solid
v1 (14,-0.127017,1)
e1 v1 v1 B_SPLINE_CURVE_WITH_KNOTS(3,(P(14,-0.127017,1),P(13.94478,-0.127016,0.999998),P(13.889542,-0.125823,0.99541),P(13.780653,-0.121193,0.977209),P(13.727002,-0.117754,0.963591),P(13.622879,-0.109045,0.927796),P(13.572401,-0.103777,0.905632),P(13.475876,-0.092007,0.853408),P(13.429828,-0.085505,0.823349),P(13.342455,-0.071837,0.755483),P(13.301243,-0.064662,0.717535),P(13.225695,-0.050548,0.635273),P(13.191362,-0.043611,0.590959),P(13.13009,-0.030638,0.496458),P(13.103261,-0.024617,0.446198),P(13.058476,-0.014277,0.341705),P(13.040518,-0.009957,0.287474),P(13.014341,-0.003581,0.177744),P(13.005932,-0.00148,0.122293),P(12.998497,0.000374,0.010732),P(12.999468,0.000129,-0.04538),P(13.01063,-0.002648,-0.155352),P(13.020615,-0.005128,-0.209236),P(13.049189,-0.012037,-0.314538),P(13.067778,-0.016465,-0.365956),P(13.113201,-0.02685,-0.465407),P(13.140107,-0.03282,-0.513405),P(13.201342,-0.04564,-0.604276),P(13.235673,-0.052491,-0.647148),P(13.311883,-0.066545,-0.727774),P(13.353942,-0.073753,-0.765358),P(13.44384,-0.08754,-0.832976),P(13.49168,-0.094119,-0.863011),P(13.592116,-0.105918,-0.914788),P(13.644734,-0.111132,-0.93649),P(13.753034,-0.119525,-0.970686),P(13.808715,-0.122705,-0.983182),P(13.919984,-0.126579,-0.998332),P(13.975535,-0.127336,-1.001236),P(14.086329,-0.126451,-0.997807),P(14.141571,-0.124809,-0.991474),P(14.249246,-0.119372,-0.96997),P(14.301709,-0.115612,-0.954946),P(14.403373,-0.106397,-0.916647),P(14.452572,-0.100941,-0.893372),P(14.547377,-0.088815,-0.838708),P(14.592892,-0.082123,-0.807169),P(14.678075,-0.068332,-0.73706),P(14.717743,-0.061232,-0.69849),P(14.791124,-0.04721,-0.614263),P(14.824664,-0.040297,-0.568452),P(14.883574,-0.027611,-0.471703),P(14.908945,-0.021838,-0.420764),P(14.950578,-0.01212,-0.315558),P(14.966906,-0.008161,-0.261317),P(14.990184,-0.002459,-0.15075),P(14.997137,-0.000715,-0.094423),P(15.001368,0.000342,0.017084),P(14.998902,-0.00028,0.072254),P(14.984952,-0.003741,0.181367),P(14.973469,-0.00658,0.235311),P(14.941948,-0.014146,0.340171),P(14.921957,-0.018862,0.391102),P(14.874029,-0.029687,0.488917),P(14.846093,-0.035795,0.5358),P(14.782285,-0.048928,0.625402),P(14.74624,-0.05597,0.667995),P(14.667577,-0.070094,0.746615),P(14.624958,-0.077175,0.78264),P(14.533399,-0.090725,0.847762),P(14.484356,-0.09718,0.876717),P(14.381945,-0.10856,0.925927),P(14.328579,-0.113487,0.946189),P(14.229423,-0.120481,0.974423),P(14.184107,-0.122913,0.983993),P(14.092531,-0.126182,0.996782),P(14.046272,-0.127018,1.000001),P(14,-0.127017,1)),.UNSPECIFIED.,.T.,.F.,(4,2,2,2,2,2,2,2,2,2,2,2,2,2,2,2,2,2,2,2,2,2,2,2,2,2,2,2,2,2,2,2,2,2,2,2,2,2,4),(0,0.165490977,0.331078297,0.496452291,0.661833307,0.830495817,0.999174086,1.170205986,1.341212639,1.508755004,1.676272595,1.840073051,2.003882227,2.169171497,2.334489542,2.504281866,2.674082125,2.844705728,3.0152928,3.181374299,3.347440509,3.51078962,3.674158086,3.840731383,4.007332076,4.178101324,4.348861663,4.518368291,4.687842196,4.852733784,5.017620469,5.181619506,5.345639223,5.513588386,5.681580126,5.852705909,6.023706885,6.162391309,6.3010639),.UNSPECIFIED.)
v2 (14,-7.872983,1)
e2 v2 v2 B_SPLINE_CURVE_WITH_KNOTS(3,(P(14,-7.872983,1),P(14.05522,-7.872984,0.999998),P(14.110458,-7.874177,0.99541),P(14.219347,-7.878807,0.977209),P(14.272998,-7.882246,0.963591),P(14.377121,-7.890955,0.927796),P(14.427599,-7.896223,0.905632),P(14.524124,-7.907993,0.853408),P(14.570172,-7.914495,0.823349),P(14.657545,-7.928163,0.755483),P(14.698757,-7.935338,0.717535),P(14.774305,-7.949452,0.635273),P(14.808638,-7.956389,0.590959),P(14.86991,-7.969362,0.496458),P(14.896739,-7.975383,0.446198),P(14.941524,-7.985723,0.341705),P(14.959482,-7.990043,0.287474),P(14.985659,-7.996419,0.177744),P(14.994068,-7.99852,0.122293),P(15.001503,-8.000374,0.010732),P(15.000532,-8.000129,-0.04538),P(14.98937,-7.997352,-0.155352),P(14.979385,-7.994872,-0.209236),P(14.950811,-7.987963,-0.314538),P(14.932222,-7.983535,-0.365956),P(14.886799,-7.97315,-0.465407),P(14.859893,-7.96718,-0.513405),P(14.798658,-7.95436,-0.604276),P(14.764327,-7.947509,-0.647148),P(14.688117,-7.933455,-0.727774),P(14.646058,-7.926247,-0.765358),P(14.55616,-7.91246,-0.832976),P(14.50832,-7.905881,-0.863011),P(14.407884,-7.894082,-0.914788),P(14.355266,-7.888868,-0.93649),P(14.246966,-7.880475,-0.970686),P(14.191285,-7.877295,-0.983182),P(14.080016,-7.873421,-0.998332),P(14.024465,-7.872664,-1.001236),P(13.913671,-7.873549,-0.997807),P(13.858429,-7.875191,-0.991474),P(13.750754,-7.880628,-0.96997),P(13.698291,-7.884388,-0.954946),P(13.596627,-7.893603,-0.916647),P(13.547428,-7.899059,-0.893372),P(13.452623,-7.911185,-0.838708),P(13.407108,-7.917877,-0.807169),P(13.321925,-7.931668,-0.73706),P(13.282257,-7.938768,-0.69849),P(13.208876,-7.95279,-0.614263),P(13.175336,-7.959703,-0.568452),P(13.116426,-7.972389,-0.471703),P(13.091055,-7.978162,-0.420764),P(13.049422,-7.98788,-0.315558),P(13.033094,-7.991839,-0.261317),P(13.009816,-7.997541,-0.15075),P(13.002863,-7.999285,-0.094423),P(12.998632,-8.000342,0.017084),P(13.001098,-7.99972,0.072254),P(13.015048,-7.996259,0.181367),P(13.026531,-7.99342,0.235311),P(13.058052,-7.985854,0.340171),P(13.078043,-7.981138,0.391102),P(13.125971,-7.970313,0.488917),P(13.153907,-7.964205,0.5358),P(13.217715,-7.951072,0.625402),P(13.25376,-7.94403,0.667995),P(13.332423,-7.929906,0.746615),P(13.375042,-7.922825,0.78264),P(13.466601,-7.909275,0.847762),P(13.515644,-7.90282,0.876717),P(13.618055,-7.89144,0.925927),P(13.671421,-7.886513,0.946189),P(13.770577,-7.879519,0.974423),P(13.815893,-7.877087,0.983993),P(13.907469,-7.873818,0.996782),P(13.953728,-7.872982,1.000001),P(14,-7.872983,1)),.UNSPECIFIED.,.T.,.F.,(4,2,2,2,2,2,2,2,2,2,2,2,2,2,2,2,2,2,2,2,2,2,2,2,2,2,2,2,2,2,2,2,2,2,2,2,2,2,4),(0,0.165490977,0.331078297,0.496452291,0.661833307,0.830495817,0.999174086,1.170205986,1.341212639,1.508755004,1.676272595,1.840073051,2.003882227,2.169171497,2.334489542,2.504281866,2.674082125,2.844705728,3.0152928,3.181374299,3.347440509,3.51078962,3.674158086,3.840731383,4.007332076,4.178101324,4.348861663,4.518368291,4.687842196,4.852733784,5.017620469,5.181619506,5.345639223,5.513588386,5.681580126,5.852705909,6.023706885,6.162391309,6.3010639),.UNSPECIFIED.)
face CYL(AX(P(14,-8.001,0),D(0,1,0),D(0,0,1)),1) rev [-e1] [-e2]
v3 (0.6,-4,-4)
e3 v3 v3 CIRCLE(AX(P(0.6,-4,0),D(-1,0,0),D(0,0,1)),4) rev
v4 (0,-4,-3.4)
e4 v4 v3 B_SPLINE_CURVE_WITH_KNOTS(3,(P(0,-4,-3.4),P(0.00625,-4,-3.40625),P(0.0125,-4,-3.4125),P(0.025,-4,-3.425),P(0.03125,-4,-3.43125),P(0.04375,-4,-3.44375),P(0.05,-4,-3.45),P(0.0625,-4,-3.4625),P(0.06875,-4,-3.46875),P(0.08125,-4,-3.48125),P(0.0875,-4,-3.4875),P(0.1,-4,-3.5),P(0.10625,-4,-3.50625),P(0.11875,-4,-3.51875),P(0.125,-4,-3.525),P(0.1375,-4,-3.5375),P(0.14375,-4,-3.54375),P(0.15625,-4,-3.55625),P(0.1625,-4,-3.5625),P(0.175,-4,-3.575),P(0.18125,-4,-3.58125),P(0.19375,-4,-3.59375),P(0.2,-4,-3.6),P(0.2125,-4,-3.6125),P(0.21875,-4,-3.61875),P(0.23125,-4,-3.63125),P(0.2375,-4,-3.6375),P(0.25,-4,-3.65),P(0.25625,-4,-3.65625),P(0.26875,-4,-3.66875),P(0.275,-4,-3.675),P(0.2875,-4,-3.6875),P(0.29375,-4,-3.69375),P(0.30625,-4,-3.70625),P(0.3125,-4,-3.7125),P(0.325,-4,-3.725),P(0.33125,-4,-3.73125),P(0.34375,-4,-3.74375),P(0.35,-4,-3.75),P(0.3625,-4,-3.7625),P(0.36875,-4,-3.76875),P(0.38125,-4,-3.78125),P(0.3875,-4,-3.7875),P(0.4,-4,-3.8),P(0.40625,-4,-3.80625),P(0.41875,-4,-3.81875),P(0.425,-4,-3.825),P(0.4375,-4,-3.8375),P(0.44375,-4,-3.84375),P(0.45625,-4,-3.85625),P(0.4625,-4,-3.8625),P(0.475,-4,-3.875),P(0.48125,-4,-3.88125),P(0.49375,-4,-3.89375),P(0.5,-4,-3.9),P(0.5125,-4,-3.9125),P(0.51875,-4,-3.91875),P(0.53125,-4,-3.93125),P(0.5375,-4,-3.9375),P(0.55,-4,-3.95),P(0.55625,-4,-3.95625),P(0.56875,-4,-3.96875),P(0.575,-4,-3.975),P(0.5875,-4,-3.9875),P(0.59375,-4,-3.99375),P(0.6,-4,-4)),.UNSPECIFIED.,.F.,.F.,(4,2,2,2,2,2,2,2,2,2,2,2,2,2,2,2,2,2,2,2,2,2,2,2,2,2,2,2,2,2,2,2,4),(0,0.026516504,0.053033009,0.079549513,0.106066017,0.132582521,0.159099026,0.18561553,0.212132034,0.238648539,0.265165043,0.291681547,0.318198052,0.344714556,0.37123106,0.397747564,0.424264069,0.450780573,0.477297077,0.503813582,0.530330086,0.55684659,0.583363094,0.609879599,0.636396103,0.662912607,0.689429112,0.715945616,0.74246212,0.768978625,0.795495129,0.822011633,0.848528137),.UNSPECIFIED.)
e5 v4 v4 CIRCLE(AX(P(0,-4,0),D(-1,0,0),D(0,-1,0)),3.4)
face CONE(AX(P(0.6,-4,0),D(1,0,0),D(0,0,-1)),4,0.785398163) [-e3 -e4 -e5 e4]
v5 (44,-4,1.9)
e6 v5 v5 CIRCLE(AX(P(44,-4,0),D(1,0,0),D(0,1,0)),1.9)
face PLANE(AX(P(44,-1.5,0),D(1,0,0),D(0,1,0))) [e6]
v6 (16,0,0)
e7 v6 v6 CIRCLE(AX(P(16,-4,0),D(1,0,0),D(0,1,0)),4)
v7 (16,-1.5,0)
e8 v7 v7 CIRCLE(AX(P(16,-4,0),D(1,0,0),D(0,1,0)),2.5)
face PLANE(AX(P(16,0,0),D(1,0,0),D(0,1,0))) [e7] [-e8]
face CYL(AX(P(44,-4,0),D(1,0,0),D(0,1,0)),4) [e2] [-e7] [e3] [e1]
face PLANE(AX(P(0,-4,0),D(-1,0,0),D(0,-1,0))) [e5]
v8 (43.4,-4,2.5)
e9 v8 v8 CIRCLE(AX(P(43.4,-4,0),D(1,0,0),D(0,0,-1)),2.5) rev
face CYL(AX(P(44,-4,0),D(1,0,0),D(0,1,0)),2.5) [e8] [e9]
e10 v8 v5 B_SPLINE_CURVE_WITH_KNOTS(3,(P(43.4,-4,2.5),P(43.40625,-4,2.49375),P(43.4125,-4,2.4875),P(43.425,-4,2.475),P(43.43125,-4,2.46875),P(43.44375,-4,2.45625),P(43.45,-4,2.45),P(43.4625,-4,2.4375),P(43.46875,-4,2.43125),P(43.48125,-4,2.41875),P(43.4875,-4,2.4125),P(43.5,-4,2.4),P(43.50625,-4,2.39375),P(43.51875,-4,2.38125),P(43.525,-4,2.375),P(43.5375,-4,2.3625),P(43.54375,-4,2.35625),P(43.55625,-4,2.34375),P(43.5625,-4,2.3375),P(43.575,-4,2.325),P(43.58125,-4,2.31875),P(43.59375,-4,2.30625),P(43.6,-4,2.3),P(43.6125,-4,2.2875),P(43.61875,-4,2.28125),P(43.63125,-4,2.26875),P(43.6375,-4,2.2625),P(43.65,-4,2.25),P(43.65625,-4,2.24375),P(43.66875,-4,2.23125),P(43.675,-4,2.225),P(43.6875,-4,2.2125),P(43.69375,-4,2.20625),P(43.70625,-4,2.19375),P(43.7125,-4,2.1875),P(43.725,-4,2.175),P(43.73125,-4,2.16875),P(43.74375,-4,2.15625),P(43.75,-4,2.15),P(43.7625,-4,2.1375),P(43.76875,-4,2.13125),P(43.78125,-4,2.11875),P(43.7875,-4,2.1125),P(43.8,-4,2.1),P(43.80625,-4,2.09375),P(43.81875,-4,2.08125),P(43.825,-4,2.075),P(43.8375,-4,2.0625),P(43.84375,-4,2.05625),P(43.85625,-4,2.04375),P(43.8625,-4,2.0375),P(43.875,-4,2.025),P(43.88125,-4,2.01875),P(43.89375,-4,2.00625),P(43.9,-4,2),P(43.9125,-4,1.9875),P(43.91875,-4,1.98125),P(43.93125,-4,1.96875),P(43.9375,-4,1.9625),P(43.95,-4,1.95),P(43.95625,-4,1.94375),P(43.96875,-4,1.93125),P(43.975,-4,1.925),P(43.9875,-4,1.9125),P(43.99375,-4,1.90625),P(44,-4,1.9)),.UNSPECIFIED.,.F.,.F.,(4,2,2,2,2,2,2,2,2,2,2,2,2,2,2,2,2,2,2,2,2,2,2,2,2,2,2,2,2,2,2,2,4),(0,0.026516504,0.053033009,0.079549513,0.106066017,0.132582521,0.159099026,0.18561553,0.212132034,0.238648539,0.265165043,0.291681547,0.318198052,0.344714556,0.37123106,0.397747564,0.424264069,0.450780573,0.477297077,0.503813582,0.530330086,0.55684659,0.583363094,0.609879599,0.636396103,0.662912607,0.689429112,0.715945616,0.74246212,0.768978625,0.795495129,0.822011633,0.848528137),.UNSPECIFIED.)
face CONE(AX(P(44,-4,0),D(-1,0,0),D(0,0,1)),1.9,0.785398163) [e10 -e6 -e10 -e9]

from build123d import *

# Parameters (mm, degrees)
CHAMFER_1_SIZE           = 0.6
CUT_EXTRUDE_1_REACH      = 46.9
CUT_EXTRUDE_1_END_RADIUS = 4
SKETCH_2_R               = 1


with BuildPart() as part:
    # Эскиз1 → Повернуть1 (revolve)
    with BuildSketch(Plane.XY):
        Polygon((0, 0), (16, 0), (16, -1.5), (44, -1.5), (44, -4), (0, -4), align=None)
    revolve(axis=Axis((44, -4, 0), (-1, 0, 0)))

    # Фаска1
    chamfer_1_edges = [part.edges().sort_by_distance(p)[0] for p in [
        (44, -6.5, 0),
        (0, -8, 0),
    ]]
    chamfer(chamfer_1_edges, length=CHAMFER_1_SIZE)

    # Вырез-Вытянуть1: up to this cylinder (the profile starts inside it)
    cut_extrude_1_end = Plane(origin=(14, -4, 0), z_dir=(1, 0, 0)) * Cylinder(CUT_EXTRUDE_1_END_RADIUS, 102.8, mode=Mode.PRIVATE)
    # Эскиз2 → Вырез-Вытянуть1 (cut, up to the surface)
    with BuildSketch(Plane(origin=(0, 0, 0), x_dir=(1, 0, 0), z_dir=(0, 1, 0)), mode=Mode.PRIVATE) as cut_extrude_1_sk1:
        with Locations(Location((14, 0, 0), (0, 0, 270))):
            Circle(SKETCH_2_R)
    cut_extrude_1_tool1 = extrude(cut_extrude_1_sk1.sketch, amount=-CUT_EXTRUDE_1_REACH, mode=Mode.PRIVATE) & cut_extrude_1_end
    add(cut_extrude_1_tool1.solids().sort_by_distance((14, 0, 0))[0], mode=Mode.SUBTRACT)


solid = part.part
